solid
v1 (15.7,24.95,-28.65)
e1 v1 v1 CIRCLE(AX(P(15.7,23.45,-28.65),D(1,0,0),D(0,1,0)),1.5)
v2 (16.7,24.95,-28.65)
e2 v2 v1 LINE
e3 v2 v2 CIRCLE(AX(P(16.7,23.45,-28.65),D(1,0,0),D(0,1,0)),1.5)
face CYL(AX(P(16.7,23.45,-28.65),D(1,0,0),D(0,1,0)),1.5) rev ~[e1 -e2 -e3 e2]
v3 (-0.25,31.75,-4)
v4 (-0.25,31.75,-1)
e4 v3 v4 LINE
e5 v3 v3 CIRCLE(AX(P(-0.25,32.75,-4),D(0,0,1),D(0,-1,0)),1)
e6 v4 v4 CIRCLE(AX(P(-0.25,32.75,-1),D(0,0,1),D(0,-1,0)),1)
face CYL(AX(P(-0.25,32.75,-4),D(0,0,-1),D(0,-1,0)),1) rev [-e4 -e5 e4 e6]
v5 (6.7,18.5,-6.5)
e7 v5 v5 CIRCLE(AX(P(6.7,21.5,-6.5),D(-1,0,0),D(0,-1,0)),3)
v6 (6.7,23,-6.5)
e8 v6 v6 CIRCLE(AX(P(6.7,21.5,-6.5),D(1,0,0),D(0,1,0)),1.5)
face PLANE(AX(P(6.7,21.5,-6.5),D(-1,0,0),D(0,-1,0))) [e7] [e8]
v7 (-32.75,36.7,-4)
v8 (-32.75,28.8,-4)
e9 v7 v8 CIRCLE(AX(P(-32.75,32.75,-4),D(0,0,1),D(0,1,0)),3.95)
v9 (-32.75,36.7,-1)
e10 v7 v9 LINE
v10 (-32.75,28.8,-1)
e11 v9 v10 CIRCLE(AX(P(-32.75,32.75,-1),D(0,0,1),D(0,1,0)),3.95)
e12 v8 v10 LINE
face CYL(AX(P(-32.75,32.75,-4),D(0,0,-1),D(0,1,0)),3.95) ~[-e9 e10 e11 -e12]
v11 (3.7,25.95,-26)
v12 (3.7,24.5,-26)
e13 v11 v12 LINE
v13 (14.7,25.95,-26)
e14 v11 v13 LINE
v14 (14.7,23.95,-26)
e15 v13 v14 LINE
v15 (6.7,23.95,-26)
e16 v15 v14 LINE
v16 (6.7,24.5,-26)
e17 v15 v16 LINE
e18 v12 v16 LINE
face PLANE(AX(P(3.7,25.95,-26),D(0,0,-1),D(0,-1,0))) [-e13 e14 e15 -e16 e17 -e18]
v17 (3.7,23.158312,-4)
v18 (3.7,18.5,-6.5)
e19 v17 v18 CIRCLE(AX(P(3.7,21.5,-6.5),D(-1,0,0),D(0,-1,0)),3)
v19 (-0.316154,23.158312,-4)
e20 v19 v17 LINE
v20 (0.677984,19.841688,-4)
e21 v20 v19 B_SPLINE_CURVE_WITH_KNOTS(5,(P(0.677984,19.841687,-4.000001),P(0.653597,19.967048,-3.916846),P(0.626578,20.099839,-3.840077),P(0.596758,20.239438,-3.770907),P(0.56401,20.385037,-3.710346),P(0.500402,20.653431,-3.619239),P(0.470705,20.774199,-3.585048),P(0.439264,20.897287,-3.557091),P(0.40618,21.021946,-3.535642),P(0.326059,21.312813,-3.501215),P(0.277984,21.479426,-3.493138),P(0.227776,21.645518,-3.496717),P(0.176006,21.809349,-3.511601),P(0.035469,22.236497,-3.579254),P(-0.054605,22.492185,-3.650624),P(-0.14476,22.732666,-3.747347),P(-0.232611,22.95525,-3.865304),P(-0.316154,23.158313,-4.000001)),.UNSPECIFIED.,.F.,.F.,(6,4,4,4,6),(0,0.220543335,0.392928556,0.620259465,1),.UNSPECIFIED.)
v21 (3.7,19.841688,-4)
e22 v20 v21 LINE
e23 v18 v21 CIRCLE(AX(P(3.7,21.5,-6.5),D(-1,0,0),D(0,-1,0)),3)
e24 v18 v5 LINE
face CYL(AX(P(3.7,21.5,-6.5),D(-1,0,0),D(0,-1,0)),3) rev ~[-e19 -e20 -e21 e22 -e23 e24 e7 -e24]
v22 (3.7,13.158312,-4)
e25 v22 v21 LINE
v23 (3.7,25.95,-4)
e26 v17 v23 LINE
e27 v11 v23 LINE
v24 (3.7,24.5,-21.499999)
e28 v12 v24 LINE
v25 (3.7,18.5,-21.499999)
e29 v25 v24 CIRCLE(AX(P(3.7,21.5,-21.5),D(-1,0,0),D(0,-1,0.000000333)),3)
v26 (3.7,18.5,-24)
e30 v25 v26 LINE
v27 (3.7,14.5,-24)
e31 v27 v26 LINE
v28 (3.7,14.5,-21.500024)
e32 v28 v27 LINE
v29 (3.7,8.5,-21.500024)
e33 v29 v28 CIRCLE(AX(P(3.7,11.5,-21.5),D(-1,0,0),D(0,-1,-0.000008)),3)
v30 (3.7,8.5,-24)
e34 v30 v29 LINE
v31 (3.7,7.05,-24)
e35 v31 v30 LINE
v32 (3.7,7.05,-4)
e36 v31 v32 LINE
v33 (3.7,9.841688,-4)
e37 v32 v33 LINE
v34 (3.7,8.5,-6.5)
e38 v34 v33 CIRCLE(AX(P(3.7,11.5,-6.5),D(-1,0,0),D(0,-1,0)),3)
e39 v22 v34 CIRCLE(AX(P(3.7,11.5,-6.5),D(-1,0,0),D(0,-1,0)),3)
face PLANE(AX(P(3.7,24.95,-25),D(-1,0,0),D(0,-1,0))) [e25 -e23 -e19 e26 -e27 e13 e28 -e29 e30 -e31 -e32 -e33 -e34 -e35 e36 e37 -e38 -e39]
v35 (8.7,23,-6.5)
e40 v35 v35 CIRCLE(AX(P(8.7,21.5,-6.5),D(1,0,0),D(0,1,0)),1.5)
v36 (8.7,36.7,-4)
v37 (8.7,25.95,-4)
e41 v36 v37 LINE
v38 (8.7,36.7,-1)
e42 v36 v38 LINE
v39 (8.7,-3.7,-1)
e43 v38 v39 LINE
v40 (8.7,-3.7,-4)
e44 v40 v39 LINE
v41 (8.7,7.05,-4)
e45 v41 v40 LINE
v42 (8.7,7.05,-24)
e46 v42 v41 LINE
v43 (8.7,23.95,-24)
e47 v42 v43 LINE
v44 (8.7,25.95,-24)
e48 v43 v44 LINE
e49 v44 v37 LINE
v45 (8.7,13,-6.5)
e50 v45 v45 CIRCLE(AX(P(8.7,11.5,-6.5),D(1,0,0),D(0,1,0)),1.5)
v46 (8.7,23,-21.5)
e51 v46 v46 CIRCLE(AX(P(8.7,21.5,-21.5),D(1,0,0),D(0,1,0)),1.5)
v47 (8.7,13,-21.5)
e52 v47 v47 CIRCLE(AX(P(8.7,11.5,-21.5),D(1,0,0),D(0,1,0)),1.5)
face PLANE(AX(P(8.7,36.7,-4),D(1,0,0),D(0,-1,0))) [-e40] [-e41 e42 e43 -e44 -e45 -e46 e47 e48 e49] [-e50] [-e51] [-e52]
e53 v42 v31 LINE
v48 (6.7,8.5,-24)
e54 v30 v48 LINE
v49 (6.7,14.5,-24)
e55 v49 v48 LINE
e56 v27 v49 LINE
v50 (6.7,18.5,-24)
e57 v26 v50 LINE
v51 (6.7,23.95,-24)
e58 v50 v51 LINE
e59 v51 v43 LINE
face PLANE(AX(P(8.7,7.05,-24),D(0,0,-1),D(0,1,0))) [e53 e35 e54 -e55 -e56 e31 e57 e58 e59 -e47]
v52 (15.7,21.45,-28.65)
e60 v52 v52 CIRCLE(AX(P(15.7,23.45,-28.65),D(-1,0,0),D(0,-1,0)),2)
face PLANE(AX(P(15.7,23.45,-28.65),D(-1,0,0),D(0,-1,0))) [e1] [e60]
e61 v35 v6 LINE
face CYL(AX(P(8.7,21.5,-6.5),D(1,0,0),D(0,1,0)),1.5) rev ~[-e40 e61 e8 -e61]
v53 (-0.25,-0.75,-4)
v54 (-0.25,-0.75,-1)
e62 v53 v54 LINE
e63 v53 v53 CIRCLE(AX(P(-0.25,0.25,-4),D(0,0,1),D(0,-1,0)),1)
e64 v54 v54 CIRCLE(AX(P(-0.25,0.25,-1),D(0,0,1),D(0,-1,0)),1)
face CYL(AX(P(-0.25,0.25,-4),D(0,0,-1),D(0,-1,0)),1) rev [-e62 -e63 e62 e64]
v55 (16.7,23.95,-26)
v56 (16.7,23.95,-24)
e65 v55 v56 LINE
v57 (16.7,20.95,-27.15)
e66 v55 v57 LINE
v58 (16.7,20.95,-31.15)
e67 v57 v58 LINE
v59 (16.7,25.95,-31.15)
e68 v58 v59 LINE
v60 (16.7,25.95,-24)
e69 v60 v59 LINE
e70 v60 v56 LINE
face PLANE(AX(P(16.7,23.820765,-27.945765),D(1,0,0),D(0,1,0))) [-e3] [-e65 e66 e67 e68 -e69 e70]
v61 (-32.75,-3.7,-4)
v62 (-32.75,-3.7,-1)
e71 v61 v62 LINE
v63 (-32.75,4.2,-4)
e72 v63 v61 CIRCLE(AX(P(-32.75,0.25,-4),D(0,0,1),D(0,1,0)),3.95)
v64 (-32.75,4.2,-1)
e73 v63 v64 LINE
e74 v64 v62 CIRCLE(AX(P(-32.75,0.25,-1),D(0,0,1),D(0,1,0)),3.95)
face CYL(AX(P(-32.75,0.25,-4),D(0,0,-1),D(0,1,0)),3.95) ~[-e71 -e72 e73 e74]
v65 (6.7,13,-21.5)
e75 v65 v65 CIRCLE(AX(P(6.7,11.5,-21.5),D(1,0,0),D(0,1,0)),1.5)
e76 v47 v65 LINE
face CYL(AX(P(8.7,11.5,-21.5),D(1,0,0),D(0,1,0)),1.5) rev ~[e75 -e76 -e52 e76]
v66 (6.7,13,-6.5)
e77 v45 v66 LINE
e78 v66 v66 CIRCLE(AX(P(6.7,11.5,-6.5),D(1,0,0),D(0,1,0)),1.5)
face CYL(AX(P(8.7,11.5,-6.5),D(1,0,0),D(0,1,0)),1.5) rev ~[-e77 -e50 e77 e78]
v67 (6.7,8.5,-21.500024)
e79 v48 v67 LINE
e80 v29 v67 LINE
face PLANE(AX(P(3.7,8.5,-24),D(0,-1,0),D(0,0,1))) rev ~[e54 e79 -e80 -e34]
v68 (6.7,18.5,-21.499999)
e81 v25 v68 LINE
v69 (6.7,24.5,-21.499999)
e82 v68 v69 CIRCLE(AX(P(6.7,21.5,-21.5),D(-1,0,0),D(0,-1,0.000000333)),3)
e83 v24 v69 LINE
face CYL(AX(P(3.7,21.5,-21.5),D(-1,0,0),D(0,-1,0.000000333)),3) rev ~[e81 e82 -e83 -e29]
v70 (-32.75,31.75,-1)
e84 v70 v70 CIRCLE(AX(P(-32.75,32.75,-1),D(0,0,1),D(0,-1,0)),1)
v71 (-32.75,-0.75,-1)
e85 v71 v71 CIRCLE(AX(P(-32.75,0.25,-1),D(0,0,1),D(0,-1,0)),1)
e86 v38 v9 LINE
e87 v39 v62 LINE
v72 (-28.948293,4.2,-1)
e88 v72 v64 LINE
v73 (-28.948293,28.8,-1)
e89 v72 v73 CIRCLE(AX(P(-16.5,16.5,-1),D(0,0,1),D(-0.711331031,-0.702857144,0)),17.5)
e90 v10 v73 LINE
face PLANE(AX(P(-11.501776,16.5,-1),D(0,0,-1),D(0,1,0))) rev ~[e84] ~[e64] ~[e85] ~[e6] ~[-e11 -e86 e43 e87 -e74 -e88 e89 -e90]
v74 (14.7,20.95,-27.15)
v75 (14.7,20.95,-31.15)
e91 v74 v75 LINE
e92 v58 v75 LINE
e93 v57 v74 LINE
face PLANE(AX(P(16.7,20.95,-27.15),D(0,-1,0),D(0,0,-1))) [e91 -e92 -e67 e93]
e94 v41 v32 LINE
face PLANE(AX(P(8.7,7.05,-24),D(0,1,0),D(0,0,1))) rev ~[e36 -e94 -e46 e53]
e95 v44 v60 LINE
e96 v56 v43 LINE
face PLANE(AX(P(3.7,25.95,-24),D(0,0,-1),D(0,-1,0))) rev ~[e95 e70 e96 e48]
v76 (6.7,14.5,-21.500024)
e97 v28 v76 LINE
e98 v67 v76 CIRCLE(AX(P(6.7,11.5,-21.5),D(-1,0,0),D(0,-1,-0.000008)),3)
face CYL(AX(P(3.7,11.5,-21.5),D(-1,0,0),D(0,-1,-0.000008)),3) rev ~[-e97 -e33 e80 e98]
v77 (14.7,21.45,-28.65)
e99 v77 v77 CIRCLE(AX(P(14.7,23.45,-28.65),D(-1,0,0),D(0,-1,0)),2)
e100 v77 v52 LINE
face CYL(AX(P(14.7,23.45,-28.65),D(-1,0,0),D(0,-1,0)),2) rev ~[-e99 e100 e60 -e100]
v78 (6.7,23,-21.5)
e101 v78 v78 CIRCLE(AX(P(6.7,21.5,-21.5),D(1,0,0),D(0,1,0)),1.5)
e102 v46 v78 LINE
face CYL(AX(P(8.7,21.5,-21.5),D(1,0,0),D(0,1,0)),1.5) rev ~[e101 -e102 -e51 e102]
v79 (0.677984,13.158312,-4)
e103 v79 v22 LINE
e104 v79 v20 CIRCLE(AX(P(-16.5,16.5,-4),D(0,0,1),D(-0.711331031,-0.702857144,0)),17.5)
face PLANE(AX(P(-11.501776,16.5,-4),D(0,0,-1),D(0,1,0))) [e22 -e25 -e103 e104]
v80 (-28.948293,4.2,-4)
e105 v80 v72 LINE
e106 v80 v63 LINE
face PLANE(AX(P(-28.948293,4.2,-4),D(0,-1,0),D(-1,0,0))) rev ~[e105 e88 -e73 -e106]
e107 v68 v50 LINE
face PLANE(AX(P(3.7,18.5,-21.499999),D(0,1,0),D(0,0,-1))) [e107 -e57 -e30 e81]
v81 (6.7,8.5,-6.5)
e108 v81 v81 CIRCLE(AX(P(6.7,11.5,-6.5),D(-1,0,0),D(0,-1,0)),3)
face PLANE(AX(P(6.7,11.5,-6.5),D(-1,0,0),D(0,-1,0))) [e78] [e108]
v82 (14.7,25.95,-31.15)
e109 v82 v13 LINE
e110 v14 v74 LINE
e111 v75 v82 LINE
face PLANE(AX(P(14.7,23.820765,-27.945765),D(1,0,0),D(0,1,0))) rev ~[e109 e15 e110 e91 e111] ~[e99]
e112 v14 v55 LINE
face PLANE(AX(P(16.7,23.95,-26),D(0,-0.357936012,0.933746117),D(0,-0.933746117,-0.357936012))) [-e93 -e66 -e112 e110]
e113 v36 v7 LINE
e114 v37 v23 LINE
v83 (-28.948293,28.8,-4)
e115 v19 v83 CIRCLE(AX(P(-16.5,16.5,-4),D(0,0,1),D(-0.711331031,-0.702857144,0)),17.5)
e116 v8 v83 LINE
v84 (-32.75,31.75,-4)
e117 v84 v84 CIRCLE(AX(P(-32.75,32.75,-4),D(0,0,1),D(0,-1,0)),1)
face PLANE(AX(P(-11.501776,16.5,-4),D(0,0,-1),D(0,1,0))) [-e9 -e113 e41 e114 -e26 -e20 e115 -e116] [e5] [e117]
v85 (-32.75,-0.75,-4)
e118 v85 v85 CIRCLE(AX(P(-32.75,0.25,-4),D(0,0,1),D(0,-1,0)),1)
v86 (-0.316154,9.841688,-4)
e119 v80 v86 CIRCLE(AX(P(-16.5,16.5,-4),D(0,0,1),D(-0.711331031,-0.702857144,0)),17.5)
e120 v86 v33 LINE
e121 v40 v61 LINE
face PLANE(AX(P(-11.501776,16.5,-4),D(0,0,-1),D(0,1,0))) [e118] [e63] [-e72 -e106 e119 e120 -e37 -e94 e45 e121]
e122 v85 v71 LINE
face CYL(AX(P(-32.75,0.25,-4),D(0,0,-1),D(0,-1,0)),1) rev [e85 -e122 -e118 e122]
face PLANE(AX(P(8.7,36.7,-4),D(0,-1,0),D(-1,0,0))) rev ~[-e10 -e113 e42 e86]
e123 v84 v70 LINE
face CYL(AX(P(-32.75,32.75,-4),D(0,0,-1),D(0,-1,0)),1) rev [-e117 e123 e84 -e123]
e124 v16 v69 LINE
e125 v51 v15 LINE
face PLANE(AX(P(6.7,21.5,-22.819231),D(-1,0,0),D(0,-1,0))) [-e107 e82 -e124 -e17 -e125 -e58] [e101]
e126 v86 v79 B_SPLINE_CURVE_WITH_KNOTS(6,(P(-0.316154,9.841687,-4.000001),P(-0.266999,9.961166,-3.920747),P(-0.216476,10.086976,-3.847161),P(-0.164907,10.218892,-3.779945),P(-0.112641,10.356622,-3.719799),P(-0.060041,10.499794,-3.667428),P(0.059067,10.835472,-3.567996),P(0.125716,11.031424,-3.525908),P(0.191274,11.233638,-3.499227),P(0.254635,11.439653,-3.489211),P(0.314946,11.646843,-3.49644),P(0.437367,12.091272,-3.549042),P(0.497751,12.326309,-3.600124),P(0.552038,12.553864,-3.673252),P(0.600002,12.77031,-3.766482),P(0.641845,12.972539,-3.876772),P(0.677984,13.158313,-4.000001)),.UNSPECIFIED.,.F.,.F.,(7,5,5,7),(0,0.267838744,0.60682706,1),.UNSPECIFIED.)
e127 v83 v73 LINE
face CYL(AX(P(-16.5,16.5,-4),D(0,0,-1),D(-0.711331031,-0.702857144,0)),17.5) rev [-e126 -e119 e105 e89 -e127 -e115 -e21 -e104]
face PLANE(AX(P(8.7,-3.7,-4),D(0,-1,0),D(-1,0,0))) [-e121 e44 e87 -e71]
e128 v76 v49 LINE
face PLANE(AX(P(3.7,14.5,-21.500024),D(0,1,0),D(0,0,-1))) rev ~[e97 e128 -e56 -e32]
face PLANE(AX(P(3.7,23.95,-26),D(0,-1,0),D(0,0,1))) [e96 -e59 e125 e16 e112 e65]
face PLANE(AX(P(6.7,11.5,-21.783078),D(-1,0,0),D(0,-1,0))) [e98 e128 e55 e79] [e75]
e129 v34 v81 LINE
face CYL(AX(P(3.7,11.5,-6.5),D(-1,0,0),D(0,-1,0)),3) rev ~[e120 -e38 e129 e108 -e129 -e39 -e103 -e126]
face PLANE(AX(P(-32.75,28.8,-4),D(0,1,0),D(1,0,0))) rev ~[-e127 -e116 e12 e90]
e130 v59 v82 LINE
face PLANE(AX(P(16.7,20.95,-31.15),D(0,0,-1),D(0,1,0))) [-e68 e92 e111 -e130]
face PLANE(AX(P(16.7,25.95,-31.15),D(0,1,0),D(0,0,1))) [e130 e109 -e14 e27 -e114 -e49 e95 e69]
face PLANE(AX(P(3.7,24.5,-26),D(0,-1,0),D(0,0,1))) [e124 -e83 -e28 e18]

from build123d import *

# Parameters (mm, degrees)
SKETCH_R             = 1
PAD_DEPTH            = 3
SKETCH001_W          = 18.9
SKETCH001_H          = 20
SKETCH001_R          = 1.5
PAD001_DEPTH         = 5
SKETCH002_W          = 2
SKETCH002_H          = 2
PAD002_DEPTH         = 13
SKETCH003_R          = 1.5
PAD003_DEPTH         = 2
SKETCH004_R          = 2
POCKET_DEPTH         = 1
SKETCH005_R          = 3
POCKET001_DEPTH      = 3
POCKET001_DEPTH_BACK = -5


with BuildPart() as part:
    # Sketch (on Face5 of Binder001) → Pad (new body)
    with BuildSketch(Plane(origin=(-16.5, 16.5, 0), x_dir=(0, -1, 0), z_dir=(0, 0, 1))):
        with BuildLine():
            Line((-20.2, 25.2), (20.2, 25.2))
            Line((20.2, 25.2), (20.2, 20.2))
            Line((20.2, 20.2), (20.2, -16.25))
            ThreePointArc((12.3, -16.25), (16.25, -20.2), (20.2, -16.25))
            Line((12.3, -12.448293), (12.3, -16.25))
            ThreePointArc((12.3, -12.448293), (0, 17.5), (-12.3, -12.448293))
            Line((-12.3, -16.25), (-12.3, -12.448293))
            ThreePointArc((-20.2, -16.25), (-16.25, -20.2), (-12.3, -16.25))
            Line((-20.2, 20.2), (-20.2, -16.25))
            Line((-20.2, 20.2), (-20.2, 25.2))
        make_face()
        with Locations((-16.25, 16.25)):
            Circle(SKETCH_R, mode=Mode.SUBTRACT)
        with Locations((16.25, 16.25)):
            Circle(SKETCH_R, mode=Mode.SUBTRACT)
        with Locations((16.25, -16.25)):
            Circle(SKETCH_R, mode=Mode.SUBTRACT)
        with Locations((-16.25, -16.25)):
            Circle(SKETCH_R, mode=Mode.SUBTRACT)
    extrude(amount=PAD_DEPTH)

    # Sketch001 (on Face4 of Pad) → Pad001 (join)
    with BuildSketch(Plane(origin=(8.7, 16.5, -29.5), x_dir=(0, 1, 0), z_dir=(1, 0, 0))):
        with Locations((0, 19.5)):
            Rectangle(SKETCH001_W, SKETCH001_H)
        with Locations((-5, 27)):
            Circle(SKETCH001_R, mode=Mode.SUBTRACT)
        with Locations((5, 27)):
            Circle(SKETCH001_R, mode=Mode.SUBTRACT)
        with Locations((-5, 12)):
            Circle(SKETCH001_R, mode=Mode.SUBTRACT)
        with Locations((5, 12)):
            Circle(SKETCH001_R, mode=Mode.SUBTRACT)
    extrude(amount=-PAD001_DEPTH)

    # Sketch002 (on Face10 of Pad001) → Pad002 (join)
    with BuildSketch(Plane(origin=(3.7, 16.5, -29.5), x_dir=(0, -1, 0), z_dir=(-1, 0, 0))):
        with Locations((-8.45, 8.5)):
            Rectangle(SKETCH002_W, SKETCH002_H)
    extrude(amount=-PAD002_DEPTH)

    # Sketch003 (on Face30 of Pad002) → Pad003 (join)
    with BuildSketch(Plane(origin=(16.7, 16.5, -29.5), x_dir=(0, 1, 0), z_dir=(1, 0, 0))):
        Polygon((4.45, 2.35), (9.45, 2.35), (9.45, 9.5), (7.45, 9.5), (7.45, 7.5), (4.45, 6.35), align=None)
        with Locations((6.95, 4.85)):
            Circle(SKETCH003_R, mode=Mode.SUBTRACT)
    extrude(amount=-PAD003_DEPTH)

    # Sketch004 (on Face35 of Pad003) → Pocket (cut)
    with BuildSketch(Plane(origin=(14.7, 16.5, -29.5), x_dir=(0, -1, 0), z_dir=(-1, 0, 0))):
        with Locations((-6.95, 4.85)):
            Circle(SKETCH004_R)
    extrude(amount=-POCKET_DEPTH, mode=Mode.SUBTRACT)

    # Sketch005 (on Face10 of Pocket) → Pocket001 (cut, two sides)
    with BuildSketch(Plane(origin=(3.7, 16.5, -29.5), x_dir=(0, -1, 0), z_dir=(-1, 0, 0))) as pocket001_sk:
        with Locations((-5, 27)):
            Circle(SKETCH005_R)
        with Locations((5, 27)):
            Circle(SKETCH005_R)
        with BuildLine():
            ThreePointArc((-2, 12.000001), (-5, 15), (-8, 12.000001))
            Line((-8, 7.5), (-8, 12.000001))
            Line((-2, 7.5), (-8, 7.5))
            Line((-2, 12.000001), (-2, 7.5))
        make_face()
        with BuildLine():
            ThreePointArc((8, 11.999976), (5, 15), (2, 11.999976))
            Line((2, 11.999976), (2, 9.5))
            Line((2, 9.5), (8, 9.5))
            Line((8, 9.5), (8, 11.999976))
        make_face()
    extrude(amount=-POCKET001_DEPTH, mode=Mode.SUBTRACT)
    extrude(pocket001_sk.sketch, amount=-POCKET001_DEPTH_BACK, mode=Mode.SUBTRACT)


with BuildPart() as part_1:
    # Body placement: moved
    add(part.part.moved(Location((0, 0, -4))))


solid = part_1.part
